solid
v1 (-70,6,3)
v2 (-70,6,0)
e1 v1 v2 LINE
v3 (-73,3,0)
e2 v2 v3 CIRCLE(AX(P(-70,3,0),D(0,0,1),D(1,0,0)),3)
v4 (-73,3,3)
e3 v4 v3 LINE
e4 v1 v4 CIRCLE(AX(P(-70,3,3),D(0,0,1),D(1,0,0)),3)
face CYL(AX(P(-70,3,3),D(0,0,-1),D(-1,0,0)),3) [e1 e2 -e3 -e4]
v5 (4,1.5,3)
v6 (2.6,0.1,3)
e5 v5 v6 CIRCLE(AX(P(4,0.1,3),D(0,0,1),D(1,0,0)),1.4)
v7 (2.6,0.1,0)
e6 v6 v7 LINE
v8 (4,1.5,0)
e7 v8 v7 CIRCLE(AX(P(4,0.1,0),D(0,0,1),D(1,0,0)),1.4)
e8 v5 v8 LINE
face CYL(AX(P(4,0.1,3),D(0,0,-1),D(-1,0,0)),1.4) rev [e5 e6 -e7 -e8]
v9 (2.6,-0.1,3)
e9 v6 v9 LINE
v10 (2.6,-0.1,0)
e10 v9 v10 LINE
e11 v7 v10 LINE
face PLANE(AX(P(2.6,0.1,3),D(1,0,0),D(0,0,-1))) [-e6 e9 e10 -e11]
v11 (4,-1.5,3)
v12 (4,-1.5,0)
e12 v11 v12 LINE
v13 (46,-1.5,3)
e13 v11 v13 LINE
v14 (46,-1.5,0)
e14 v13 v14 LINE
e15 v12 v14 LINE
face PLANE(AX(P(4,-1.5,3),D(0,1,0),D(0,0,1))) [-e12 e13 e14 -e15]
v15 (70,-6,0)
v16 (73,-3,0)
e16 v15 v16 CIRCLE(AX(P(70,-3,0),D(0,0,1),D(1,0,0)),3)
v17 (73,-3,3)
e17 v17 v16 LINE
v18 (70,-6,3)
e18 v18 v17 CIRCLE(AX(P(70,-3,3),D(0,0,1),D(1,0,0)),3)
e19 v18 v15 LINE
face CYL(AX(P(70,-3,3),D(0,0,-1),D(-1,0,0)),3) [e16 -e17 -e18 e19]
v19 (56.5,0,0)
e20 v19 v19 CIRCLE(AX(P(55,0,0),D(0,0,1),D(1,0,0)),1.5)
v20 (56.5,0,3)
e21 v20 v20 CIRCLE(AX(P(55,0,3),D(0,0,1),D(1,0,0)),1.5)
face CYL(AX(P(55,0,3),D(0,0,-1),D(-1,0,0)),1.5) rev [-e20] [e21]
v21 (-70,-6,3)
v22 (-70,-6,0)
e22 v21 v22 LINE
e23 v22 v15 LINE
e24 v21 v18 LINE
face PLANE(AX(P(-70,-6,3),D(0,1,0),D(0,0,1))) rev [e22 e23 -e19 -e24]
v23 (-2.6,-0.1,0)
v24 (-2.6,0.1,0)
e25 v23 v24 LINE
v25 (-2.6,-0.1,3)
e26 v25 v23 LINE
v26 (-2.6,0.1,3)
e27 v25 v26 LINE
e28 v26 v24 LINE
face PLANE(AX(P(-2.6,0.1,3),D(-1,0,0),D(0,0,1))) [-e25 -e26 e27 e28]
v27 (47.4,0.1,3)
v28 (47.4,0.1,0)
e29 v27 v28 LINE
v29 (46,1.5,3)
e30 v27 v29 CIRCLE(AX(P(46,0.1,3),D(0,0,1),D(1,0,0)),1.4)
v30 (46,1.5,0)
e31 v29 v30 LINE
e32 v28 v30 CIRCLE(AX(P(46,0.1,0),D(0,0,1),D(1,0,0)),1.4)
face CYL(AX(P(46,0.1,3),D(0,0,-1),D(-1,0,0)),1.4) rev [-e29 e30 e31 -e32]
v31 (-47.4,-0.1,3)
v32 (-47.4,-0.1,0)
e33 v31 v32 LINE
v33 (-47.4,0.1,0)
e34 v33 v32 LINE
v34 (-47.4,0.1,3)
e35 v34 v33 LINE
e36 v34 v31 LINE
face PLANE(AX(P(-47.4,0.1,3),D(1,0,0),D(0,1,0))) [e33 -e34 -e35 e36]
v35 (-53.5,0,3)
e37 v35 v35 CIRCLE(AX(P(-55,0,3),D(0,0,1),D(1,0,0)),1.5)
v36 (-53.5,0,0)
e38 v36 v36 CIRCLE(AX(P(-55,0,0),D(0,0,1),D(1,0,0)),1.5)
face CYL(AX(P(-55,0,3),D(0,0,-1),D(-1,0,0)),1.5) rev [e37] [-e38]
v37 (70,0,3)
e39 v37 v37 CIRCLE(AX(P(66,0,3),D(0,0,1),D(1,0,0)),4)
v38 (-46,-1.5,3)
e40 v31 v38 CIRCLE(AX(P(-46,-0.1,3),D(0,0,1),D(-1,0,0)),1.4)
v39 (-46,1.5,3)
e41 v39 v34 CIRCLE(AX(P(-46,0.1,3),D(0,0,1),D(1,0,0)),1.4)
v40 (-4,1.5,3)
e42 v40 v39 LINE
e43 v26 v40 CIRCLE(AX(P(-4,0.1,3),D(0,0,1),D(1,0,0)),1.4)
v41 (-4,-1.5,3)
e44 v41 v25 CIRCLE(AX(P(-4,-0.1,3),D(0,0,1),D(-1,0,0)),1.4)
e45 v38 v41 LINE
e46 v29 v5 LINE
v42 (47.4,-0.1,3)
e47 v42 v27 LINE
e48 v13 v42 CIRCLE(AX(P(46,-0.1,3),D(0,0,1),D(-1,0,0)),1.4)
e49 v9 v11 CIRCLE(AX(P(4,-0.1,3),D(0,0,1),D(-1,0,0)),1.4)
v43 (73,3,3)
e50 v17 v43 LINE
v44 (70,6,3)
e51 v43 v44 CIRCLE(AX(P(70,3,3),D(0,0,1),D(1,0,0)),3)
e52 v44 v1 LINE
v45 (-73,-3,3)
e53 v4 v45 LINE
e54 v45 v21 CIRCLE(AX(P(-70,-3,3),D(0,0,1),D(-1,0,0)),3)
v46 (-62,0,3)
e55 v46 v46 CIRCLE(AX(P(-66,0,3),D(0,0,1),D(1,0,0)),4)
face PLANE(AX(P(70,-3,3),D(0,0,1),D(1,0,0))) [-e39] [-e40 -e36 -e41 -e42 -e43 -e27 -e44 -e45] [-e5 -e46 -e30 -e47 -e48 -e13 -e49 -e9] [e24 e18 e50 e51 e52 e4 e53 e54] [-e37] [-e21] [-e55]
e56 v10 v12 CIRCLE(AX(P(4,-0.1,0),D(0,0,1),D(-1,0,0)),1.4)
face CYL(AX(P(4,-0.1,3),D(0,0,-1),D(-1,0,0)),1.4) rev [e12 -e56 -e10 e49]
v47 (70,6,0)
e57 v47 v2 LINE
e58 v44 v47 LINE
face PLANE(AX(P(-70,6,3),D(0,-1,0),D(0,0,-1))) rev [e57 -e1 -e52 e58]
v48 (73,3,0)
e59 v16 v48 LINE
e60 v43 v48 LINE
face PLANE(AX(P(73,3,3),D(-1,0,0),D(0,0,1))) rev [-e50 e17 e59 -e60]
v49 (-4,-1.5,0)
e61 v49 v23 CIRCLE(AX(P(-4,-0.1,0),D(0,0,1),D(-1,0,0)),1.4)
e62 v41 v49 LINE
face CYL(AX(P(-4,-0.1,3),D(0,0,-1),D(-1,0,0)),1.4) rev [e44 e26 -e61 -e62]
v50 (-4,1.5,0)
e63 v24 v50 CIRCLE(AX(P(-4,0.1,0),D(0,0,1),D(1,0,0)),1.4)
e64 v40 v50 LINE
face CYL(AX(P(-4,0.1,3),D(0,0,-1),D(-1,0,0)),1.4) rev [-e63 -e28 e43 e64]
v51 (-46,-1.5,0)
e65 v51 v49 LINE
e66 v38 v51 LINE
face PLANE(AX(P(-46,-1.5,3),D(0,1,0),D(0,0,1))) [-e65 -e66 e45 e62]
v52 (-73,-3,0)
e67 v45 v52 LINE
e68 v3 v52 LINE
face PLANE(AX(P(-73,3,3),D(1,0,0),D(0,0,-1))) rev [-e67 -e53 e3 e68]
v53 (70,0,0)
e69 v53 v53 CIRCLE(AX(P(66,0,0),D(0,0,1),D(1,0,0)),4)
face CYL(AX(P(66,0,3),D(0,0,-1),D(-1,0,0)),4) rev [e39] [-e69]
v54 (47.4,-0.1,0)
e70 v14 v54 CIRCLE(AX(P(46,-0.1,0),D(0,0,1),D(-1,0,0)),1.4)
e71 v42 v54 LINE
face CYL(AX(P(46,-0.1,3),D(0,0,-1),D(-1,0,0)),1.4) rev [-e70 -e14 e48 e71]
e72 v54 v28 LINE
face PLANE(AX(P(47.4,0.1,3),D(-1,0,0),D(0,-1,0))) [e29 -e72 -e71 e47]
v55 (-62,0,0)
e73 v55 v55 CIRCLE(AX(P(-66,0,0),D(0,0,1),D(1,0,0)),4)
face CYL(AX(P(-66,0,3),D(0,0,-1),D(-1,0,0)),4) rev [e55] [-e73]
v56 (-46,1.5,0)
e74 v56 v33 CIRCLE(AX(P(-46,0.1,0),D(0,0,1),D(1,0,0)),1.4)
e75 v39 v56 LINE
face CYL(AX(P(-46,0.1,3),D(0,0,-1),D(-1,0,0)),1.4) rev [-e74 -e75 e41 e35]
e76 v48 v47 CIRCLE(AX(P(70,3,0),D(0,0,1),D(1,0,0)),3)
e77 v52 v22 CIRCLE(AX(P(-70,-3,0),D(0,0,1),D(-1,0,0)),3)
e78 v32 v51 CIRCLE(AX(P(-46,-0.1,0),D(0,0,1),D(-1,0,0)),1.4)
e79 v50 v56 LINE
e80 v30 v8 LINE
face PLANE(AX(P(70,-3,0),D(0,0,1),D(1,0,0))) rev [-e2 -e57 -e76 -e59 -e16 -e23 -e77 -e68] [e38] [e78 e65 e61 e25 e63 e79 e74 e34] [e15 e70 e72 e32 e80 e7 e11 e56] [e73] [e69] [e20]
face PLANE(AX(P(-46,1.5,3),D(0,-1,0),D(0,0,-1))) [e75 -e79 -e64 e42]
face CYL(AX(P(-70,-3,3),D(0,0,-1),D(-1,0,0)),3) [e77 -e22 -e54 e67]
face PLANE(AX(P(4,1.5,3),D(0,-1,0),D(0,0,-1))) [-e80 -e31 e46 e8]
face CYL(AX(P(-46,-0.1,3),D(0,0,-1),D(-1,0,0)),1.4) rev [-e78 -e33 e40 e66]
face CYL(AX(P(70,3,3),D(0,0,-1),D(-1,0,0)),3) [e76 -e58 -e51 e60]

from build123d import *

# Parameters (mm, degrees)
SKETCH1_R           = 4
SKETCH1_R_2         = 1.5
BOSS_EXTRUDE1_DEPTH = 3


with BuildPart() as part:
    # Sketch1 → Boss-Extrude1 (new body)
    with BuildSketch(Plane.XY):
        with BuildLine():
            Line((-70, 6), (70, 6))
            ThreePointArc((70, 6), (72.121320344, 5.121320344), (73, 3))
            Line((73, 3), (73, -3))
            ThreePointArc((73, -3), (72.121320344, -5.121320344), (70, -6))
            Line((70, -6), (-70, -6))
            ThreePointArc((-70, -6), (-72.121320344, -5.121320344), (-73, -3))
            Line((-73, -3), (-73, 3))
            ThreePointArc((-73, 3), (-72.121320344, 5.121320344), (-70, 6))
        make_face()
        with Locations((-66, 0)):
            Circle(SKETCH1_R, mode=Mode.SUBTRACT)
        with Locations((66, 0)):
            Circle(SKETCH1_R, mode=Mode.SUBTRACT)
        with Locations((-55, 0)):
            Circle(SKETCH1_R_2, mode=Mode.SUBTRACT)
        with Locations((55, 0)):
            Circle(SKETCH1_R_2, mode=Mode.SUBTRACT)
        with BuildLine():
            Line((-46, 1.5), (-4, 1.5))
            ThreePointArc((-4, 1.5), (-3.010050506, 1.089949494), (-2.6, 0.1))
            Line((-2.6, 0.1), (-2.6, -0.1))
            ThreePointArc((-2.6, -0.1), (-3.010050506, -1.089949494), (-4, -1.5))
            Line((-4, -1.5), (-46, -1.5))
            ThreePointArc((-46, -1.5), (-46.989949494, -1.089949494), (-47.4, -0.1))
            Line((-47.4, -0.1), (-47.4, 0.1))
            ThreePointArc((-47.4, 0.1), (-46.989949494, 1.089949494), (-46, 1.5))
        make_face(mode=Mode.SUBTRACT)
        with BuildLine():
            Line((4, 1.5), (46, 1.5))
            ThreePointArc((46, 1.5), (46.989949494, 1.089949494), (47.4, 0.1))
            Line((47.4, 0.1), (47.4, -0.1))
            ThreePointArc((47.4, -0.1), (46.989949494, -1.089949494), (46, -1.5))
            Line((46, -1.5), (4, -1.5))
            ThreePointArc((4, -1.5), (3.010050506, -1.089949494), (2.6, -0.1))
            Line((2.6, -0.1), (2.6, 0.1))
            ThreePointArc((2.6, 0.1), (3.010050506, 1.089949494), (4, 1.5))
        make_face(mode=Mode.SUBTRACT)
    extrude(amount=BOSS_EXTRUDE1_DEPTH)


solid = part.part
